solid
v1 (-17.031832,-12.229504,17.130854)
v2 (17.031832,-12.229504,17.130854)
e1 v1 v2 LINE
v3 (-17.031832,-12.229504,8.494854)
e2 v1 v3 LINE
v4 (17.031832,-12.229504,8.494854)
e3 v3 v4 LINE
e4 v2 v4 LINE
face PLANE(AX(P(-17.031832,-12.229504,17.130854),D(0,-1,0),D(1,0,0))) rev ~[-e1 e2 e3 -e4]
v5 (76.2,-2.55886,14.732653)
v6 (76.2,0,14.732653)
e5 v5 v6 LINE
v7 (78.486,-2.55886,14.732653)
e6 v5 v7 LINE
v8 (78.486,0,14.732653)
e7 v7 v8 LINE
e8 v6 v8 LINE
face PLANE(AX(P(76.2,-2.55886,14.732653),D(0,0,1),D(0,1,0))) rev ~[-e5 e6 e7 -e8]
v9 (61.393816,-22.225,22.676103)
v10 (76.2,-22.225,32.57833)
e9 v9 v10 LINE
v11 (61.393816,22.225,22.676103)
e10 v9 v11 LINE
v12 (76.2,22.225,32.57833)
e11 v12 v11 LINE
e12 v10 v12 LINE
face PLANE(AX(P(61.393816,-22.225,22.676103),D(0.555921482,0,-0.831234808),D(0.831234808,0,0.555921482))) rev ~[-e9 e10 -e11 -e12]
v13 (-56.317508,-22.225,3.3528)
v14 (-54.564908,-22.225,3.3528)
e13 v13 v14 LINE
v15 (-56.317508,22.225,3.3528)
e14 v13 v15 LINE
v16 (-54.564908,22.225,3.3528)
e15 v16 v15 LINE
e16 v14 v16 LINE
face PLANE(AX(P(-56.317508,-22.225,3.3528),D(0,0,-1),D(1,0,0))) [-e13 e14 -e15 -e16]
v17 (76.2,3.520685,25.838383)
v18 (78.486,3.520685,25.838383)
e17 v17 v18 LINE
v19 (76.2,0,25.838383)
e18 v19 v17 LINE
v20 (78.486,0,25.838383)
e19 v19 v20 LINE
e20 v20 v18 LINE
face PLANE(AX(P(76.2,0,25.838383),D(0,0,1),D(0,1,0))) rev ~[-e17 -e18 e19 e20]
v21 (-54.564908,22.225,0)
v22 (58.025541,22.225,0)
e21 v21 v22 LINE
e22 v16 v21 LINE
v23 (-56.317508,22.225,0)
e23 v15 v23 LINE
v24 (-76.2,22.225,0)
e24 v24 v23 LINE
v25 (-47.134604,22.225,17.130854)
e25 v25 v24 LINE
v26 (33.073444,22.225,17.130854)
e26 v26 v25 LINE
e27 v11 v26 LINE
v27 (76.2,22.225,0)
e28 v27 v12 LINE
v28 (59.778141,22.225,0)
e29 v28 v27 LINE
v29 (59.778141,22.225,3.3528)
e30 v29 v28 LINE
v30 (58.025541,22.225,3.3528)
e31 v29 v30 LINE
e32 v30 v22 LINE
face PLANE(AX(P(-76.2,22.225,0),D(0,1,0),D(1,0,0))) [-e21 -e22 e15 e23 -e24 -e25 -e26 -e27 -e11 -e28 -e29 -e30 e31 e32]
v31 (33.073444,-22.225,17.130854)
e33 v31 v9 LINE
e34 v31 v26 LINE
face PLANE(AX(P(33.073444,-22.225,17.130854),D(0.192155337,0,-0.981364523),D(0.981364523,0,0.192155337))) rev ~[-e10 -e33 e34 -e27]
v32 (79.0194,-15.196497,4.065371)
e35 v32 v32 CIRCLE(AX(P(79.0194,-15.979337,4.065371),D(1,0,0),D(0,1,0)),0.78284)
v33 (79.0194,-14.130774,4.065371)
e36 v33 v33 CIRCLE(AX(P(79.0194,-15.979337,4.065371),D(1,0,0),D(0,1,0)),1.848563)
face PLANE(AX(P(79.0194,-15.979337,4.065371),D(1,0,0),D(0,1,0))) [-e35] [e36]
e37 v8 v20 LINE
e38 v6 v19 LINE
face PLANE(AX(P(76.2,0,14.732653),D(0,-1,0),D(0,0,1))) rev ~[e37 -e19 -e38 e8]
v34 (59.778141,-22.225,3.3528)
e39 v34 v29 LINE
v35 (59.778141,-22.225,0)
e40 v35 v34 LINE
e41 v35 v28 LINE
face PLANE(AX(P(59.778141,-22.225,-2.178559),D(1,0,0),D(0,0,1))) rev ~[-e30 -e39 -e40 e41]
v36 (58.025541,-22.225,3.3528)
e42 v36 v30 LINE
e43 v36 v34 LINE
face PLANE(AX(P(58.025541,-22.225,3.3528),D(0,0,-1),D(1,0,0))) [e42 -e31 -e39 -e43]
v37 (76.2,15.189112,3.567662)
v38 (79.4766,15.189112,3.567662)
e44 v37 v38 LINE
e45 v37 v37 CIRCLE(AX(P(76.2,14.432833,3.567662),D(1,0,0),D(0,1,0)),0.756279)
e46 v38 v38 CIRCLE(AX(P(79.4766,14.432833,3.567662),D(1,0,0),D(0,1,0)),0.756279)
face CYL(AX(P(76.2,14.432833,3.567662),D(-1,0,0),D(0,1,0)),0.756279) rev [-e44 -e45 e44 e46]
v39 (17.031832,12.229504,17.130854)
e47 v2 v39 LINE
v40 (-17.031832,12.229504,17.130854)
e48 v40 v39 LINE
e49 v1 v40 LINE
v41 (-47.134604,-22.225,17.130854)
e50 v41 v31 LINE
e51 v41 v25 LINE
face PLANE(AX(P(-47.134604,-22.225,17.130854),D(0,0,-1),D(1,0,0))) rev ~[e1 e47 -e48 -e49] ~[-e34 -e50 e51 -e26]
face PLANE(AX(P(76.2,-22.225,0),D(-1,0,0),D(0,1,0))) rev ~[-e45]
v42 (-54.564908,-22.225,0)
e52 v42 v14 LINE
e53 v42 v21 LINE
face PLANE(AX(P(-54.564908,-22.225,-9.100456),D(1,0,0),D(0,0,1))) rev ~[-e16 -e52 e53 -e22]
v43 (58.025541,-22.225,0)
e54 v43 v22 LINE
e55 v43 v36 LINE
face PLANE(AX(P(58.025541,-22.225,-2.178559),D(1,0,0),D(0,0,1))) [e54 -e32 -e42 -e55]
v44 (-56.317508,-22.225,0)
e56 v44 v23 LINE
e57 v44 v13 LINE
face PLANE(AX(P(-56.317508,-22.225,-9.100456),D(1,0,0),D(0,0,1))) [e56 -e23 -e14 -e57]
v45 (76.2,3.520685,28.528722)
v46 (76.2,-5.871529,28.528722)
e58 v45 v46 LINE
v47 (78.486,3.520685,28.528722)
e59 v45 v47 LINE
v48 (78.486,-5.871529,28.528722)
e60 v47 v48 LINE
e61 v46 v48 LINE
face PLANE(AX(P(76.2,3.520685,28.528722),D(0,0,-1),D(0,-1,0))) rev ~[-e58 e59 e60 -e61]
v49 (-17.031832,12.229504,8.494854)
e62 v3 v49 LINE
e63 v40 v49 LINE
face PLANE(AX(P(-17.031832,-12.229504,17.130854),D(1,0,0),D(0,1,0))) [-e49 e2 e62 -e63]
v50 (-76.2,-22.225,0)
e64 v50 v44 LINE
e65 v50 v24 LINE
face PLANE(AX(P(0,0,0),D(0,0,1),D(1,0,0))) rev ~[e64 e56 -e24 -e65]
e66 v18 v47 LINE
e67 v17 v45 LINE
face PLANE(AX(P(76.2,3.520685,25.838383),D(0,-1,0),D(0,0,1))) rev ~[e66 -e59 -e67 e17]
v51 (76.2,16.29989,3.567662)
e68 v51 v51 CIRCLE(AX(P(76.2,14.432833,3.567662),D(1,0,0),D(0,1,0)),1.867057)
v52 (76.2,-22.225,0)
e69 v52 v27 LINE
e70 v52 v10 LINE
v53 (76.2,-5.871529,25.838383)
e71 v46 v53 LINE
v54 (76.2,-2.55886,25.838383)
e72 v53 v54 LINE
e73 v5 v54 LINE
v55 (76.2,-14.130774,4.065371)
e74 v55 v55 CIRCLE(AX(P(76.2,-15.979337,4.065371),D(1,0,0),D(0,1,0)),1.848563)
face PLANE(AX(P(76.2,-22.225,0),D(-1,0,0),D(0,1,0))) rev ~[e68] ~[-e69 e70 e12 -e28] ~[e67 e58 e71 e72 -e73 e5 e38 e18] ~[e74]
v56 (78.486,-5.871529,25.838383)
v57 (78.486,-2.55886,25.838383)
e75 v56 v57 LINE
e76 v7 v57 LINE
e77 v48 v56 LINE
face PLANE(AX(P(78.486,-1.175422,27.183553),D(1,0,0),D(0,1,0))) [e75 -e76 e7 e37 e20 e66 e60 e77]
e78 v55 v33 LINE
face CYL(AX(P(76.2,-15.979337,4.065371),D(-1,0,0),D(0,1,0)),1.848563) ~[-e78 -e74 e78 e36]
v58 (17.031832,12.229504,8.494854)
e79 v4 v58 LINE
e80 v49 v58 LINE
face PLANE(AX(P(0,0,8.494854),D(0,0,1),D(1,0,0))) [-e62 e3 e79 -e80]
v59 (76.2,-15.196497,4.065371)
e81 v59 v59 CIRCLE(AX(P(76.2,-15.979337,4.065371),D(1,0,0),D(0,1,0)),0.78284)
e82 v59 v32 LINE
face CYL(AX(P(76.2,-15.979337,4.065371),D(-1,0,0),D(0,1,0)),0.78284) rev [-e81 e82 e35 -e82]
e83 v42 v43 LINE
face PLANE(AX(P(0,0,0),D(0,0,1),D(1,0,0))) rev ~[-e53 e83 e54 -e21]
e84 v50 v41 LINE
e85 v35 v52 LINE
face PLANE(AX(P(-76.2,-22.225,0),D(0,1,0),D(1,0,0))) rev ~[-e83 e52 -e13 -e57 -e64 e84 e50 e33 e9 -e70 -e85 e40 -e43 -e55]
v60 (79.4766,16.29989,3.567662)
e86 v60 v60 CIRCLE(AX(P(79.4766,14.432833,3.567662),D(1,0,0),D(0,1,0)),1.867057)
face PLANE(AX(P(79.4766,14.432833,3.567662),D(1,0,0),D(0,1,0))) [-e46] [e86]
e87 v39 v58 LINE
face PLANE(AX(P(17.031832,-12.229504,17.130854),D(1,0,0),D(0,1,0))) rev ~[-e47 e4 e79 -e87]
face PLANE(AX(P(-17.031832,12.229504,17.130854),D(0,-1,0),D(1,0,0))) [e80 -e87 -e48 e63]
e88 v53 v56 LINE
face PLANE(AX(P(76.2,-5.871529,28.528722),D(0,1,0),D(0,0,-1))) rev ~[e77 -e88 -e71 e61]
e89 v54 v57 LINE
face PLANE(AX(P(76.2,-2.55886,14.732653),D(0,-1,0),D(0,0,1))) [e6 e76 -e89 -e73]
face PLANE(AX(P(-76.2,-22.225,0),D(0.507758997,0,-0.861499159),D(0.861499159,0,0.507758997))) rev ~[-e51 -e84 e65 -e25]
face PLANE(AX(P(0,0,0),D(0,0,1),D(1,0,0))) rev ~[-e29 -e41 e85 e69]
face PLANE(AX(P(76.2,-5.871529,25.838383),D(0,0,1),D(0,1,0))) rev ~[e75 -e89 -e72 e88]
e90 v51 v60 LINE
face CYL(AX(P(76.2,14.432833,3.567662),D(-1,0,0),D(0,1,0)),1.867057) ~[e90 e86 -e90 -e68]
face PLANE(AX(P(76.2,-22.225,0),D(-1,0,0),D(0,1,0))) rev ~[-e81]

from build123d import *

# Parameters (mm, degrees)
F0_W      = 152.4
F0_H      = 44.45
F1_DEPTH  = 38.1
F3_DEPTH  = 87.376
F4_W      = 34.063664
F4_H      = 24.459008
F5_DEPTH  = 8.636
F6_W      = 1.7526
F6_H      = 12.453256
F7_DEPTH  = 71.12
F8_W      = 1.7526
F8_H      = 5.531359
F9_DEPTH  = 63.2968
F10_R     = 1.848563
F10_R_2   = 0.78284
F11_DEPTH = 2.8194
F12_R     = 1.867057
F12_R_2   = 0.756279
F13_DEPTH = 3.2766
F14_W     = 2.55886
F14_H     = 11.105731
F15_DEPTH = 2.286


with BuildPart() as f1:
    # F0 (on Top) → F1 (new body)
    with BuildSketch(Plane.XY):
        Rectangle(F0_W, F0_H)
    extrude(amount=F1_DEPTH)

    # F2 (on face) → F3 (cut)
    with BuildSketch(Plane.XZ.offset(22.225)):
        Polygon((-92.090726, 33.964641), (-76.2, 0), (-47.134604, 17.130854), (33.073444, 17.130854), (61.393816, 22.676103), (76.2, 32.57833), (86.743511, 41.292287), (-31.291042, 57.729989), align=None)
    extrude(amount=-F3_DEPTH, mode=Mode.SUBTRACT)

    # F4 (on face) → F5 (cut)
    with BuildSketch(Plane.XY.offset(17.130854)):
        Rectangle(F4_W, F4_H)
    extrude(amount=-F5_DEPTH, mode=Mode.SUBTRACT)

    # F6 (on face) → F7 (cut)
    with BuildSketch(Plane.XZ.offset(22.225)):
        with Locations((-55.441208, -2.873828)):
            Rectangle(F6_W, F6_H)
    extrude(amount=-F7_DEPTH, mode=Mode.SUBTRACT)

    # F8 (on face) → F9 (cut)
    with BuildSketch(Plane.XZ.offset(22.225)):
        with Locations((58.901841, 0.58712)):
            Rectangle(F8_W, F8_H)
    extrude(amount=-F9_DEPTH, mode=Mode.SUBTRACT)

    # F10 (on face) → F11 (join)
    with BuildSketch(Plane.YZ.offset(76.2)):
        with Locations((-15.979337, 4.065371)):
            Circle(F10_R)
        with Locations((-15.979337, 4.065371)):
            Circle(F10_R_2, mode=Mode.SUBTRACT)
    extrude(amount=F11_DEPTH)

    # F12 (on face) → F13 (join)
    with BuildSketch(Plane.YZ.offset(76.2)):
        with Locations((14.432833, 3.567662)):
            Circle(F12_R)
        with Locations((14.432833, 3.567662)):
            Circle(F12_R_2, mode=Mode.SUBTRACT)
    extrude(amount=F13_DEPTH)

    # F14 (on face) → F15 (join)
    with BuildSketch(Plane.YZ.offset(76.2)):
        Polygon((-5.871529, 25.838383), (-2.55886, 25.838383), (0, 25.838383), (3.520685, 25.838383), (3.520685, 28.528722), (-5.871529, 28.528722), align=None)
        with Locations((-1.27943, 20.285518)):
            Rectangle(F14_W, F14_H)
    extrude(amount=F15_DEPTH)


solid = f1.part
